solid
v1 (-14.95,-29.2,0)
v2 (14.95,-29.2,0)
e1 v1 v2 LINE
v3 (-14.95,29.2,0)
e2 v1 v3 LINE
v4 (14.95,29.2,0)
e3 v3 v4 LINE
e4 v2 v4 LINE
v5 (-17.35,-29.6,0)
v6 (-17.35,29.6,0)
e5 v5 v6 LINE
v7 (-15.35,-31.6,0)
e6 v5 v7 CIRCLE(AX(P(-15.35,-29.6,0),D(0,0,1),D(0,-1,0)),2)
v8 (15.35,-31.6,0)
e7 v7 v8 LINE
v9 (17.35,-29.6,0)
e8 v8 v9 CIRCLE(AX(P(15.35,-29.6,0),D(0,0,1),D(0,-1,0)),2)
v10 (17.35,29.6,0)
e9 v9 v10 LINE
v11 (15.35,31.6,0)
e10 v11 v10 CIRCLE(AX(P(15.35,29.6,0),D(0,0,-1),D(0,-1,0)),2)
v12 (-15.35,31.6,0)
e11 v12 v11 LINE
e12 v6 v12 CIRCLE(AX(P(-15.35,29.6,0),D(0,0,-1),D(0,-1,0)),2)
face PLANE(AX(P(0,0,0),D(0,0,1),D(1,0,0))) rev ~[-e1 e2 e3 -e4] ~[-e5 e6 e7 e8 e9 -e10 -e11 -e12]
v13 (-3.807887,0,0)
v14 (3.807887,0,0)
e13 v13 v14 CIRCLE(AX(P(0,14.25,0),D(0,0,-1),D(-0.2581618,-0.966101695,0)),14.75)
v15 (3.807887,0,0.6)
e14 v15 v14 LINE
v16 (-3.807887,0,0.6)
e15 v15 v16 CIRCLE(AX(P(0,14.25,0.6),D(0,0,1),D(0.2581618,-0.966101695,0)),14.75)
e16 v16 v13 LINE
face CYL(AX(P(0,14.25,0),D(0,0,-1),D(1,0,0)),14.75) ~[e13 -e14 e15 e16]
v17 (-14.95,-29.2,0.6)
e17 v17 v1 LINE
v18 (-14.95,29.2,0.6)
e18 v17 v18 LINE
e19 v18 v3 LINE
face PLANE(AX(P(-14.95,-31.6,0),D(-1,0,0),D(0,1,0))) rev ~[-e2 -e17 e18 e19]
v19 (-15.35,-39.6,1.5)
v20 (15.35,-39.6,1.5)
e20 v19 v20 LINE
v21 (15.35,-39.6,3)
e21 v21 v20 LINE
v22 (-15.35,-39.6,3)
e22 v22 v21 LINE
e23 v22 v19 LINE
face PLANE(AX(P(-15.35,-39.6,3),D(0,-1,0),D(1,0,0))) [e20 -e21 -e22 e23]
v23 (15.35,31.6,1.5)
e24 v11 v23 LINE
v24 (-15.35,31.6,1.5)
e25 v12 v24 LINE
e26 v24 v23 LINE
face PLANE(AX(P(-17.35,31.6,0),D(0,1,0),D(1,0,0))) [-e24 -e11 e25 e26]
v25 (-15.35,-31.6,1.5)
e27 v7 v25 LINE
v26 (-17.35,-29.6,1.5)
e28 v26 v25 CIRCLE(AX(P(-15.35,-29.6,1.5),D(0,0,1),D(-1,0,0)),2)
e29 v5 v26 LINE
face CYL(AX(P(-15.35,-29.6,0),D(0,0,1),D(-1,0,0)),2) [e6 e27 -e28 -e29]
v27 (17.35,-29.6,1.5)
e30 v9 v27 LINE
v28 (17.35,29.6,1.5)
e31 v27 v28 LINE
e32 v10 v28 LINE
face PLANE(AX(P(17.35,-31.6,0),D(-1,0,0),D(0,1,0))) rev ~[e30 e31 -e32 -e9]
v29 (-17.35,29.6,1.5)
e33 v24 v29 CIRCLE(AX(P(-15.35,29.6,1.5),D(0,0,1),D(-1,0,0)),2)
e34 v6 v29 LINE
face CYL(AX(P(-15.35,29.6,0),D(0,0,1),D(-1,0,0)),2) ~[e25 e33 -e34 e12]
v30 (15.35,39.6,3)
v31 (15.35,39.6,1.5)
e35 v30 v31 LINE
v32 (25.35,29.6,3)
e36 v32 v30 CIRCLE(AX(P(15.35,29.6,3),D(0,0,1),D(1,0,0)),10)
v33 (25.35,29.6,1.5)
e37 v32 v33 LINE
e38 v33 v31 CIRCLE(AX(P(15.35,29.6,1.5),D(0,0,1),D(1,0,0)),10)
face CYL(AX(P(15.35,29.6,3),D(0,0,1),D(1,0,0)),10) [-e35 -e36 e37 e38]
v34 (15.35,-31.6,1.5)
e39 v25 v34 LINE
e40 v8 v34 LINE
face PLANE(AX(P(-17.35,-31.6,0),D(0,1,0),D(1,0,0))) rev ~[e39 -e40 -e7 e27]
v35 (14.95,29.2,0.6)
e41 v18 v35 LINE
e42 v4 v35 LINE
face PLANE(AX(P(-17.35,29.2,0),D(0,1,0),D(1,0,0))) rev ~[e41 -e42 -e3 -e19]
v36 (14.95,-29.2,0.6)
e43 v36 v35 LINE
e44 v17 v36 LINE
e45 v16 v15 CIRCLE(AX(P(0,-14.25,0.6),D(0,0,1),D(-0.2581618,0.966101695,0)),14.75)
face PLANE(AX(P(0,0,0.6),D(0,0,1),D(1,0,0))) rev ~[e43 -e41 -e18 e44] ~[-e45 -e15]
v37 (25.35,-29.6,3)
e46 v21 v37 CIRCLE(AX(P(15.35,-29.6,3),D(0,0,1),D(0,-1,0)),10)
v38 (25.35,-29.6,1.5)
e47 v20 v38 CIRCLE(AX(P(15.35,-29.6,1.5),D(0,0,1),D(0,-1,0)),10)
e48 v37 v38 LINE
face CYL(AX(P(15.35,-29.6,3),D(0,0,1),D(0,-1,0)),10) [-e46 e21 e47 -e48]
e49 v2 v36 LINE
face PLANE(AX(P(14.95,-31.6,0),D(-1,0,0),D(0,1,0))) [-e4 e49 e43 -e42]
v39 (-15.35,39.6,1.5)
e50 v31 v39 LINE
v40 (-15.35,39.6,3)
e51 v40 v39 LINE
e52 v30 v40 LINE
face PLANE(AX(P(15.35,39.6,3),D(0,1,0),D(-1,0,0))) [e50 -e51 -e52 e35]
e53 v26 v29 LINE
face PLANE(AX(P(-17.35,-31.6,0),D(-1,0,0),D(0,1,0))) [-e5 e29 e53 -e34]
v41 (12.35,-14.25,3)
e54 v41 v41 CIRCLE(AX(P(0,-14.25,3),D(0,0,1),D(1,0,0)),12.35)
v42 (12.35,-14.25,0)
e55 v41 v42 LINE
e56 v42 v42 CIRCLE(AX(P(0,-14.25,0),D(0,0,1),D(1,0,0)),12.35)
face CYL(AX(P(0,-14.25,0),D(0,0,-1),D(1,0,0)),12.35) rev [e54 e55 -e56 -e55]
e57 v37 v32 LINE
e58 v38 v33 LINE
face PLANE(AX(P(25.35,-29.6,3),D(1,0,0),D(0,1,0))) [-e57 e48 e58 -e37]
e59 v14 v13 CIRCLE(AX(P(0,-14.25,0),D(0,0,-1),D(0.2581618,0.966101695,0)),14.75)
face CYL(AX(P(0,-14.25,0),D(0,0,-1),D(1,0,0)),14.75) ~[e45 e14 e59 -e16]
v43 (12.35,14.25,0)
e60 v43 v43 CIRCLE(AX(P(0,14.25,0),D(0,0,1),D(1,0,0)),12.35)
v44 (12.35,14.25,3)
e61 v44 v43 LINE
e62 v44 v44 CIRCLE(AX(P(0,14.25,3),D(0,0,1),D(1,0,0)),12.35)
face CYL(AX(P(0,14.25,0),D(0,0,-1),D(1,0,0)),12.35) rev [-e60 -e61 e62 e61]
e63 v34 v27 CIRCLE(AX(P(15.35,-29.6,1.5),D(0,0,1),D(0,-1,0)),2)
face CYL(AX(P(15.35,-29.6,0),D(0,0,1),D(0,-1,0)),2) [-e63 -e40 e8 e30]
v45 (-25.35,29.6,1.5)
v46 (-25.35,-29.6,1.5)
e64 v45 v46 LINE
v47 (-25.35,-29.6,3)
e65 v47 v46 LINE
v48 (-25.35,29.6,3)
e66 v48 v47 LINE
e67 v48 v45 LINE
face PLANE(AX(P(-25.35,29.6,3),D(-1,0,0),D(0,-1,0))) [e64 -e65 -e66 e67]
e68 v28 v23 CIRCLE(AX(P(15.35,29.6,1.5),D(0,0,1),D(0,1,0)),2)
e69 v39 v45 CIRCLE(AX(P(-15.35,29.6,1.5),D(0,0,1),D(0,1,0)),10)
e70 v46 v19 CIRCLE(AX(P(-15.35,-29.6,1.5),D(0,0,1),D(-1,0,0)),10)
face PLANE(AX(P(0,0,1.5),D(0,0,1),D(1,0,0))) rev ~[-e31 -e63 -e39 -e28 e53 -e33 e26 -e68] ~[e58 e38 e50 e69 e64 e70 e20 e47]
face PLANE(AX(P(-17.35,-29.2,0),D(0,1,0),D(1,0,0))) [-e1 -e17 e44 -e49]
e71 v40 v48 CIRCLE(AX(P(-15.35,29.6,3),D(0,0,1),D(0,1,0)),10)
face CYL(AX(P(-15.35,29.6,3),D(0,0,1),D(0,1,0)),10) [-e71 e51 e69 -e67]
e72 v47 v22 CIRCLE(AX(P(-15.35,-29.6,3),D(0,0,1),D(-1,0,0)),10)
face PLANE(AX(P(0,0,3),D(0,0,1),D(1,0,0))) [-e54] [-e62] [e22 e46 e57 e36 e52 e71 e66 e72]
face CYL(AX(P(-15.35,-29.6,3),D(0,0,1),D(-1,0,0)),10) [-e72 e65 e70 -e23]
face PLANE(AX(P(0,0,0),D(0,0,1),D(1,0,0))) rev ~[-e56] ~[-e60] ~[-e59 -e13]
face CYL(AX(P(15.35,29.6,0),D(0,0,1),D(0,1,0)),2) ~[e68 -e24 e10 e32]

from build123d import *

# Parameters (mm, degrees)
F0_W     = 34.7
F0_H     = 63.2
F0_R     = 12.35
F1_DEPTH = 3
F2_R     = 2
F3_T     = -2.4
F4_R     = 12.35
F5_DEPTH = 1.5


with BuildPart() as f1:
    # F0 (on Top) → F1 (new body)
    with BuildSketch(Plane.XY):
        Rectangle(F0_W, F0_H)
        with Locations((0, -14.25)):
            Circle(F0_R, mode=Mode.SUBTRACT)
        with Locations((0, 14.25)):
            Circle(F0_R, mode=Mode.SUBTRACT)
    extrude(amount=F1_DEPTH)

    # F2
    f2_edges = [f1.edges().sort_by_distance(p)[0] for p in [
        (-17.35, 31.6, 1.5),
        (-17.35, -31.6, 1.5),
        (17.35, -31.6, 1.5),
        (17.35, 31.6, 1.5),
    ]]
    fillet(f2_edges, radius=F2_R)

    # F3
    f3_openings = [f1.faces().sort_by_distance(p)[0] for p in [
        (0, 0, 0),
    ]]
    offset(amount=F3_T, openings=f3_openings)

    # F4 (on face) → F5 (join)
    with BuildSketch(Plane.XY.offset(3)):
        with BuildLine():
            Line((25.35, -29.6), (25.35, 29.6))
            ThreePointArc((25.35, 29.6), (22.4210678119, 36.6710678119), (15.35, 39.6))
            Line((15.35, 39.6), (-15.35, 39.6))
            ThreePointArc((-15.35, 39.6), (-22.4210678119, 36.6710678119), (-25.35, 29.6))
            Line((-25.35, 29.6), (-25.35, -29.6))
            ThreePointArc((-25.35, -29.6), (-22.4210678119, -36.6710678119), (-15.35, -39.6))
            Line((-15.35, -39.6), (15.35, -39.6))
            ThreePointArc((15.35, -39.6), (22.4210678119, -36.6710678119), (25.35, -29.6))
        make_face()
        with Locations((0, -14.25)):
            Circle(F4_R, mode=Mode.SUBTRACT)
        with Locations((0, 14.25)):
            Circle(F4_R, mode=Mode.SUBTRACT)
    extrude(amount=-F5_DEPTH)


solid = f1.part
